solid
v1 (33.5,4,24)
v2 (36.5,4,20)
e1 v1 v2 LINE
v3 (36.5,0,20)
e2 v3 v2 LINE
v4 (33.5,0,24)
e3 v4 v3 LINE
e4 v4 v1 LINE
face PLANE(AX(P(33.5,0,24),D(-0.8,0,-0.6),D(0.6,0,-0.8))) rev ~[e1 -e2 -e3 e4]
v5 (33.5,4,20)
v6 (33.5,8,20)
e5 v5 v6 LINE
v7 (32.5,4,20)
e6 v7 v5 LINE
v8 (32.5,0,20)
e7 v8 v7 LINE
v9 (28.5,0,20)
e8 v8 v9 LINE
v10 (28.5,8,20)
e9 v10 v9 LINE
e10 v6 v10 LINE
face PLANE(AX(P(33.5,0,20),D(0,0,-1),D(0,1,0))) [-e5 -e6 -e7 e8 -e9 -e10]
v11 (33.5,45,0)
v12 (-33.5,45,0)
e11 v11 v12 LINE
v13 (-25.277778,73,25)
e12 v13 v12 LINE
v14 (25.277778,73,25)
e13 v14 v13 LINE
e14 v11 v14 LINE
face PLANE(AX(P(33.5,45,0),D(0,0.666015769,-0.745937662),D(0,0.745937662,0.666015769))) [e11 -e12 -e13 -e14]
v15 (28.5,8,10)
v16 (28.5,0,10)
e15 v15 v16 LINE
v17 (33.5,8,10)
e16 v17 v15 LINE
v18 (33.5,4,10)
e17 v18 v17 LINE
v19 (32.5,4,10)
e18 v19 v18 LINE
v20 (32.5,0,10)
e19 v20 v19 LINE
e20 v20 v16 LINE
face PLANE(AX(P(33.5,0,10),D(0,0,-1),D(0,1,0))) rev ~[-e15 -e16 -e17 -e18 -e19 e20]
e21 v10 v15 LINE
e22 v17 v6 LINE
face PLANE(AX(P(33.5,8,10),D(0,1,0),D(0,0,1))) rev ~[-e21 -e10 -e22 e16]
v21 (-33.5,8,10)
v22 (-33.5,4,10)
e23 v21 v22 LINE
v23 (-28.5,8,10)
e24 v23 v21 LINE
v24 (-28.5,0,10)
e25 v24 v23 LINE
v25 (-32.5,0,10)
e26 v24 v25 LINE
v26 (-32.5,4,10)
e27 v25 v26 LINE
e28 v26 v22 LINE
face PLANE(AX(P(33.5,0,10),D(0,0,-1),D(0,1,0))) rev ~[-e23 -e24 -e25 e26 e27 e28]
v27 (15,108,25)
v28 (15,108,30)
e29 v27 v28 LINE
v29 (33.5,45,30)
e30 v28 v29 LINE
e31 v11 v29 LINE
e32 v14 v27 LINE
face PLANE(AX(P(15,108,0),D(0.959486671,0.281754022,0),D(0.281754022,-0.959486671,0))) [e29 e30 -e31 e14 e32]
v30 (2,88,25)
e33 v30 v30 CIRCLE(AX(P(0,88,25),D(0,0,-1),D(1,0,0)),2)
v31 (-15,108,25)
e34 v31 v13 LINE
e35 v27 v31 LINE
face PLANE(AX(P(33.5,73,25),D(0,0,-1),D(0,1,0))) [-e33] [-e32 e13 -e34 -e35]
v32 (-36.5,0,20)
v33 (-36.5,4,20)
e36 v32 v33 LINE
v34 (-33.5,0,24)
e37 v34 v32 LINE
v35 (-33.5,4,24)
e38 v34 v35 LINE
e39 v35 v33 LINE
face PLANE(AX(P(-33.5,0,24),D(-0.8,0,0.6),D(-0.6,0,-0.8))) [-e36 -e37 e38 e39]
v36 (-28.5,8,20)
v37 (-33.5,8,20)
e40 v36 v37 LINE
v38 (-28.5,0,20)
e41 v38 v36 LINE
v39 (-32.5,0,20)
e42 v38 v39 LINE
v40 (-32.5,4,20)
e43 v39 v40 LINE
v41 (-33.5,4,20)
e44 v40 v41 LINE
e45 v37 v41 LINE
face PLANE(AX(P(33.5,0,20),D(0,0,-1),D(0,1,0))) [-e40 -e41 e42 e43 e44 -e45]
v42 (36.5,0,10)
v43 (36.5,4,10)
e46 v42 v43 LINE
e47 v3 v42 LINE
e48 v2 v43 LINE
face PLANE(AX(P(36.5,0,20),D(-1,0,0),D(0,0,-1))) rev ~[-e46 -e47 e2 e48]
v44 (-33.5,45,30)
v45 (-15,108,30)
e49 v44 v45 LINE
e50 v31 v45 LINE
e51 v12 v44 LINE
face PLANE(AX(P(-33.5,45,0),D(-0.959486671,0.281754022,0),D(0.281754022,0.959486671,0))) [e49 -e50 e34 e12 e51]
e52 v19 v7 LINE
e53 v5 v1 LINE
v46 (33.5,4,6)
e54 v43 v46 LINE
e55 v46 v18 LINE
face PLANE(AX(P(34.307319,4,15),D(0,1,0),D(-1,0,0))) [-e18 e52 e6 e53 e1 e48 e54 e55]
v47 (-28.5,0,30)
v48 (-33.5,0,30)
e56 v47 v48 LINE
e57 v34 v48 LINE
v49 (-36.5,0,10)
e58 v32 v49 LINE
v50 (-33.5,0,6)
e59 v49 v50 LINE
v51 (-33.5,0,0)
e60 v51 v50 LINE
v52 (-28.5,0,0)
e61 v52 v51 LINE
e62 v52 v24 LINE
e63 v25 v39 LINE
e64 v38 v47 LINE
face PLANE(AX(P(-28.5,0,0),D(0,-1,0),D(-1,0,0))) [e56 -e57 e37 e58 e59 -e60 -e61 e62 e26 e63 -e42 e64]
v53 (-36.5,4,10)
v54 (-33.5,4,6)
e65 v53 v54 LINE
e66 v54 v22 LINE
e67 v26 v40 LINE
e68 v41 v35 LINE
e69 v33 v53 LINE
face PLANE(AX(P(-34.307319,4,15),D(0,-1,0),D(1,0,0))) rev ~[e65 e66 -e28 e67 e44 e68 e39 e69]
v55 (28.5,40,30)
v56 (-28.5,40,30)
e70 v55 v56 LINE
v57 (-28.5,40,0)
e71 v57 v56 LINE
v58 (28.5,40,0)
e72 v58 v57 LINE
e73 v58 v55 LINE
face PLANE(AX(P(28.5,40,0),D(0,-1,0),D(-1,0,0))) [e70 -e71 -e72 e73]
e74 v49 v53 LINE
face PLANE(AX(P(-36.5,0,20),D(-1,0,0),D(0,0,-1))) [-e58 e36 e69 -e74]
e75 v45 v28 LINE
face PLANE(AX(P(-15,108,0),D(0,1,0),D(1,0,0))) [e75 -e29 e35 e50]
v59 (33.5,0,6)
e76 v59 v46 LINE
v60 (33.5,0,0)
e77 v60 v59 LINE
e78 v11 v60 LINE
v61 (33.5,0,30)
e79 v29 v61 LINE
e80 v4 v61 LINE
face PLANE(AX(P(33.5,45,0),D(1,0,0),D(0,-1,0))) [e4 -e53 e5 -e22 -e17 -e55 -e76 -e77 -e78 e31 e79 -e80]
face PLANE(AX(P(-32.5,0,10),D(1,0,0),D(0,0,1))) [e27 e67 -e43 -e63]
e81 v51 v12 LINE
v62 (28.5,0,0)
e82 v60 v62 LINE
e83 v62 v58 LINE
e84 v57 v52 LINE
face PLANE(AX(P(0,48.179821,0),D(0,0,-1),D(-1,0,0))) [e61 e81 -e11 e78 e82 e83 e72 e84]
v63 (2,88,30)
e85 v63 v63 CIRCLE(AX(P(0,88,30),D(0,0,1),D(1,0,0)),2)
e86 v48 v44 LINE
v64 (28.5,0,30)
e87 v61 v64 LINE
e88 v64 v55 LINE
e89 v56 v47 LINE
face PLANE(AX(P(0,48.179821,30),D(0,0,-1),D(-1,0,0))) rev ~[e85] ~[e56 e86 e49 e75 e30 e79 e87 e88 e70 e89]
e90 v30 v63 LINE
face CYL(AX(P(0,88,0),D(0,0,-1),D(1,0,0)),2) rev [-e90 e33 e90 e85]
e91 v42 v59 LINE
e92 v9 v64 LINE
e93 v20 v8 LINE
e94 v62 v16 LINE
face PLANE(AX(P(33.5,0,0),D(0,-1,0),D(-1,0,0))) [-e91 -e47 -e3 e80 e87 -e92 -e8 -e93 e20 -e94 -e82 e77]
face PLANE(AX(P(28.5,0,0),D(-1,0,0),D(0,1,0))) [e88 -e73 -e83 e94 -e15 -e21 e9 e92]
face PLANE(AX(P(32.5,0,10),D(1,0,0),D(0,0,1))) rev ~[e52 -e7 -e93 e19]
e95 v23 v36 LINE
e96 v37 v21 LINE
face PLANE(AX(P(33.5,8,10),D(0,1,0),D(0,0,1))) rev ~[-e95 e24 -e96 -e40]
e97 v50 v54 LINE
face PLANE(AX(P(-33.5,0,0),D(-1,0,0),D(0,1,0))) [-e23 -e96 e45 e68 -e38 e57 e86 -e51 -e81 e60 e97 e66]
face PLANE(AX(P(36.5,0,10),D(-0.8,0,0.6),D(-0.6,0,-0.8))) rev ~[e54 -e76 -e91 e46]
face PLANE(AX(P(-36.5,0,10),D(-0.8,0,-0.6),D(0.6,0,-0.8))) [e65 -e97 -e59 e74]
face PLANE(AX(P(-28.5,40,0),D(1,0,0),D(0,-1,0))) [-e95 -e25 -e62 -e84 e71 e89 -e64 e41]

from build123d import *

# Parameters (mm, degrees)
SKETCH_R     = 2
PAD_DEPTH    = 30
SKETCH001_W  = 8
SKETCH001_H  = 10
POCKET_DEPTH = 67.001
PAD001_DEPTH = 4


with BuildPart() as part:
    # Sketch → Pad (new body)
    with BuildSketch(Plane.XY):
        Polygon((-33.5, 0), (-33.5, 45), (-15, 108), (15, 108), (33.5, 45), (33.5, 0), (28.5, 0), (28.5, 40), (-28.5, 40), (-28.5, 0), align=None)
        with Locations((0, 88)):
            Circle(SKETCH_R, mode=Mode.SUBTRACT)
    extrude(amount=PAD_DEPTH)

    # Sketch001 (on Face1 of Pad) → Pocket (cut, through all)
    with BuildSketch(Plane.YZ.offset(33.5)):
        Polygon((45, 0), (73, 25), (108, 25), (108, 0), align=None)
        with Locations((4, 15)):
            Rectangle(SKETCH001_W, SKETCH001_H)
    extrude(amount=-POCKET_DEPTH, mode=Mode.SUBTRACT)

    # Sketch002 (on Face3 of Pocket) → Pad001 (join)
    with BuildSketch(Plane.XZ):
        Polygon((32.5, 20), (33.5, 24), (36.5, 20), (36.5, 10), (33.5, 6), (32.5, 10), align=None)
        Polygon((-32.5, 20), (-33.5, 24), (-36.5, 20), (-36.5, 10), (-33.5, 6), (-32.5, 10), align=None)
    extrude(amount=-PAD001_DEPTH)


solid = part.part
